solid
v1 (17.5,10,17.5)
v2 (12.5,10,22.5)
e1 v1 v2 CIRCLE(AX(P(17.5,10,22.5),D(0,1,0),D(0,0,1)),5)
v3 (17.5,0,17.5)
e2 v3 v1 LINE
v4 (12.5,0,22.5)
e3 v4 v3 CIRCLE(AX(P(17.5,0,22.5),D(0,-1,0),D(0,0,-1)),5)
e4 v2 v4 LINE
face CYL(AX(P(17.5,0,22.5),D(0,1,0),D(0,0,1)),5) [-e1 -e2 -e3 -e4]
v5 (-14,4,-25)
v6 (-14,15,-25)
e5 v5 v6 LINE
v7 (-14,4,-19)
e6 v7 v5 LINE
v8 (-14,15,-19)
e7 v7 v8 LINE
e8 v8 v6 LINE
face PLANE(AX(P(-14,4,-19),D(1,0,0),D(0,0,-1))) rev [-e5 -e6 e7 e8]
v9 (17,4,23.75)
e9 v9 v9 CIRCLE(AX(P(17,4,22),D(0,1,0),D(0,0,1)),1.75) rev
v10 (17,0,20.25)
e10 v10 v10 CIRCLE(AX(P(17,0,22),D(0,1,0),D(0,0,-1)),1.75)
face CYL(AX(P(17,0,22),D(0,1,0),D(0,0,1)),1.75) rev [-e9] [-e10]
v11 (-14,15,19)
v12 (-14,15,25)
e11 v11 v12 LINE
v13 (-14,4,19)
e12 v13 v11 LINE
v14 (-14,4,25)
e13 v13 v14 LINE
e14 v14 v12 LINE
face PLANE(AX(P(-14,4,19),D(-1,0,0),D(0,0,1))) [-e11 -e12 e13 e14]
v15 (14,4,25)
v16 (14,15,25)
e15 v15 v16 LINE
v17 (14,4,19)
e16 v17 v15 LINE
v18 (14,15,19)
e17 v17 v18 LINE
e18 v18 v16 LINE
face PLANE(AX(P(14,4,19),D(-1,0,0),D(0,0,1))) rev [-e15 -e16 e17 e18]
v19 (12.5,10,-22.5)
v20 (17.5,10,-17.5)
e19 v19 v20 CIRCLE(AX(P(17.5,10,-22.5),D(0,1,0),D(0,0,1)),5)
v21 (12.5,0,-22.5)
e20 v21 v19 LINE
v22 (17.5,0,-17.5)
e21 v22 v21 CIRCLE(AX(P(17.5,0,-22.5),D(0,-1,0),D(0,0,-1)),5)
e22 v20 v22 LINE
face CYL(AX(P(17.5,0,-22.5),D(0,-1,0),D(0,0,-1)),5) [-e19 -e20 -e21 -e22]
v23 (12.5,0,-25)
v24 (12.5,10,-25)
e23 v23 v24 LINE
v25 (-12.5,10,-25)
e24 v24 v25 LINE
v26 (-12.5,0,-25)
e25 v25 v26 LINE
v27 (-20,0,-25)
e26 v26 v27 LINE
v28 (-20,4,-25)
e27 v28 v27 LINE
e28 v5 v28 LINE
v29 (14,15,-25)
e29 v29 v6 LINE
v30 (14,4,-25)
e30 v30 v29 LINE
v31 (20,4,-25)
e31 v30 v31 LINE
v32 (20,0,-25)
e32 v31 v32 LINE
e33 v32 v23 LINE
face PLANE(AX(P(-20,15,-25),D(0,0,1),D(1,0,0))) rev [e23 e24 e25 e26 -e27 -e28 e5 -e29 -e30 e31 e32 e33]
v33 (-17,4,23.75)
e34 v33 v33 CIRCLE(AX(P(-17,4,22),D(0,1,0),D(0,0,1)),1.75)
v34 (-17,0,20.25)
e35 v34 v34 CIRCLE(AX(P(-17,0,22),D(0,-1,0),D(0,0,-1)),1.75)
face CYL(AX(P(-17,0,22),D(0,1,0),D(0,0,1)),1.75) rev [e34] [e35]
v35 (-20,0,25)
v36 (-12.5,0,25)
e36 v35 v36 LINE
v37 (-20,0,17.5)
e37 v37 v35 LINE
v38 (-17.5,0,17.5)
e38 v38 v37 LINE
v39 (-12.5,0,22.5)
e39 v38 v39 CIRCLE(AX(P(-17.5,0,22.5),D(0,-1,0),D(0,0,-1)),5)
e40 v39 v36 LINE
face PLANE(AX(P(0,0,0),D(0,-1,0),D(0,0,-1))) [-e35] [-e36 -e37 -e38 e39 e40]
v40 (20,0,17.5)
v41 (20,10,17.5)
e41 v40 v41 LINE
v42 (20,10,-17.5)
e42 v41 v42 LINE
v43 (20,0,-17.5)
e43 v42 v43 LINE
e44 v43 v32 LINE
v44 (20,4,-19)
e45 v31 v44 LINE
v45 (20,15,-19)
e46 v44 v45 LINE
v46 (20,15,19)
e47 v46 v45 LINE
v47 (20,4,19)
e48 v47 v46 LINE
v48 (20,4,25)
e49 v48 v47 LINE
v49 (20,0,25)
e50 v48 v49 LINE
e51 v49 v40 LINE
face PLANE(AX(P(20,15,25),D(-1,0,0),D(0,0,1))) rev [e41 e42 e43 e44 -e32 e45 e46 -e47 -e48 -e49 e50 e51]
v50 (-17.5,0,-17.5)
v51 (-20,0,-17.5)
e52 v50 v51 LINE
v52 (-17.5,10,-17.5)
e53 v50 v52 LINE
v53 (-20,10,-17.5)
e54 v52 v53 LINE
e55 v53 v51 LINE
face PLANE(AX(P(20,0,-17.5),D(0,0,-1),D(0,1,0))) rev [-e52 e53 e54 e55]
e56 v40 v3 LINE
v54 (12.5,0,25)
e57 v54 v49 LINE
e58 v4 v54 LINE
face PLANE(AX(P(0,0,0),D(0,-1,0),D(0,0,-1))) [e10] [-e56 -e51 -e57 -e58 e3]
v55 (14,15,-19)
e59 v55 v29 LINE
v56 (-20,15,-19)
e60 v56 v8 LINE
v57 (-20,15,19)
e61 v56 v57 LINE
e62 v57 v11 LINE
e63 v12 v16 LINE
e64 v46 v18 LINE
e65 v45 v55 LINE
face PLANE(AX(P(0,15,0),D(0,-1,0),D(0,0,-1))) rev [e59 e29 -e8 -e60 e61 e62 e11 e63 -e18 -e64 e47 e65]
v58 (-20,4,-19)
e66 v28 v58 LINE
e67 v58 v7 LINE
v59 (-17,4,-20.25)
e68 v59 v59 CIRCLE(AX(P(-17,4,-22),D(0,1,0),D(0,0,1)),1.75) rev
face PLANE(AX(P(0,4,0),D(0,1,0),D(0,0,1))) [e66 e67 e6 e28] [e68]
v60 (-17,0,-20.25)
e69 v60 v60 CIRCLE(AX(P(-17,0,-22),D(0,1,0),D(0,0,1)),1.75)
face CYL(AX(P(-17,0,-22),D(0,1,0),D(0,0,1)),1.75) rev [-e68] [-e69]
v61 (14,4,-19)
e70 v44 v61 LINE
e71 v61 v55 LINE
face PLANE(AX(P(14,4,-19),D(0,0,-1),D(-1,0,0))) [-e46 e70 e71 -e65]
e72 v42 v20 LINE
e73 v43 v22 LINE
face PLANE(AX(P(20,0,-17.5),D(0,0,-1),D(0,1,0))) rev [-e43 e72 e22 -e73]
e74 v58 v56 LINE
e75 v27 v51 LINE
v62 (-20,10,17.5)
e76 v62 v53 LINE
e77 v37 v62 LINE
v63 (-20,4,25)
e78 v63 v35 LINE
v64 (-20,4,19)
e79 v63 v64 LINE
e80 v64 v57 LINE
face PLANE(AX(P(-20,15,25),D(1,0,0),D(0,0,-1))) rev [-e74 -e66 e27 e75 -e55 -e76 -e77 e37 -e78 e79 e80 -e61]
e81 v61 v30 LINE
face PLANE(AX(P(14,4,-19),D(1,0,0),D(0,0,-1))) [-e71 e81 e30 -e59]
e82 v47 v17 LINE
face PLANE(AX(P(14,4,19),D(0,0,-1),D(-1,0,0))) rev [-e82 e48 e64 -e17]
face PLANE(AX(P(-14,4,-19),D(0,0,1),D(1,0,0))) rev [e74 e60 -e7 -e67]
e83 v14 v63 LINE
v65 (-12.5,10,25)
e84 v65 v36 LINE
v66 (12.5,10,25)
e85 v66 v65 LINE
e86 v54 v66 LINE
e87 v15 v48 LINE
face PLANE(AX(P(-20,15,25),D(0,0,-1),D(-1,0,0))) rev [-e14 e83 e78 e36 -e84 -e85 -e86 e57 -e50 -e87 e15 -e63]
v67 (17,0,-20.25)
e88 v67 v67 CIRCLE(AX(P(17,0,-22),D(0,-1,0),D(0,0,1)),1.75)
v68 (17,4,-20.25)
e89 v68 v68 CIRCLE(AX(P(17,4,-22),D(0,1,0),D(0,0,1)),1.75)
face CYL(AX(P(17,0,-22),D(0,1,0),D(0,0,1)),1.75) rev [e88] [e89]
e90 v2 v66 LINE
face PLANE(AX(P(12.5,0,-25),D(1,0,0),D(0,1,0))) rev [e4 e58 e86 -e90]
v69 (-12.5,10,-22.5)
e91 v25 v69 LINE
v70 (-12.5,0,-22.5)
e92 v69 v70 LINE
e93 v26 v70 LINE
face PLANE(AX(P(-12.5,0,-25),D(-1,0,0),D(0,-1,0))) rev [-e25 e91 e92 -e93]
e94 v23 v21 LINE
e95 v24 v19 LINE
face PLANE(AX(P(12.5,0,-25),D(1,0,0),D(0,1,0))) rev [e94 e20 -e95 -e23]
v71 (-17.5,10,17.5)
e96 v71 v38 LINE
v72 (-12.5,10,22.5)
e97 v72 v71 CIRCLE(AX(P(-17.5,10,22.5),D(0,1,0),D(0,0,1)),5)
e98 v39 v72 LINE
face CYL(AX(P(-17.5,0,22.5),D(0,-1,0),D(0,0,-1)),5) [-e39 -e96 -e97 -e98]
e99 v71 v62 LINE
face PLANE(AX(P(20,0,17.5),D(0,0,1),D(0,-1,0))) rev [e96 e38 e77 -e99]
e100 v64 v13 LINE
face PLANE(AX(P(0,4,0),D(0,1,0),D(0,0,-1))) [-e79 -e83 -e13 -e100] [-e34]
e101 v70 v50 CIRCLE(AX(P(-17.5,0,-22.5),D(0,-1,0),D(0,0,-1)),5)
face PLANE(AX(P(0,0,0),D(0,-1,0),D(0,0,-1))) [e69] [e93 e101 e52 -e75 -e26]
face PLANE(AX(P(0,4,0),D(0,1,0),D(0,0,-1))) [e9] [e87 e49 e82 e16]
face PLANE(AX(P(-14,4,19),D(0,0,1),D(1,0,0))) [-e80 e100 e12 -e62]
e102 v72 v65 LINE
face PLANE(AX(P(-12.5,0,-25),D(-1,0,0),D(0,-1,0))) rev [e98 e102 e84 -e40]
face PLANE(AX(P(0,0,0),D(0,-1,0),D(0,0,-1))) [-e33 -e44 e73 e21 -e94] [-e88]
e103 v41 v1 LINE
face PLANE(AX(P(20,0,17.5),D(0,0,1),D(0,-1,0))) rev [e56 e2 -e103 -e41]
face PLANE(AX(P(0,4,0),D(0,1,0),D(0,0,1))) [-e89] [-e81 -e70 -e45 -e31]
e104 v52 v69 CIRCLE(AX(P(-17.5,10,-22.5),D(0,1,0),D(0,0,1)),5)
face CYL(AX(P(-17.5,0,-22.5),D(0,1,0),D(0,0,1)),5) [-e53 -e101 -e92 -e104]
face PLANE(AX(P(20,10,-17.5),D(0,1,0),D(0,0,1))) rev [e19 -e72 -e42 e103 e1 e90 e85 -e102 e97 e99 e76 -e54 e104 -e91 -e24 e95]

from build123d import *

# Parameters (mm, degrees)
CROQUIS1_W                = 40
CROQUIS1_H                = 50
SALIENTE_EXTRUIR1_DEPTH   = 15
CROQUIS2_R                = 1.75
CORTAR_EXTRUIR1_DEPTH     = 15
SIMETR_A2_COPY_1_SKETCH_R = 1.75
SIMETR_A2_COPY_1_DEPTH    = 15
CROQUIS3_W                = 6
CROQUIS3_H                = 6
CORTAR_EXTRUIR6_DEPTH     = 11
SIMETR_A4_COPY_1_SKETCH_W = 6
SIMETR_A4_COPY_1_SKETCH_H = 6
SIMETR_A4_COPY_1_DEPTH    = 11
CROQUIS4_W                = 35
CROQUIS4_H                = 10
CORTAR_EXTRUIR7_DEPTH     = 50.497474683
CROQUIS5_W                = 25
CROQUIS5_H                = 10
CORTAR_EXTRUIR8_DEPTH     = 56.901699437
REDONDEO1_R               = 5


with BuildPart() as part:
    # Croquis1 → Saliente-Extruir1 (new body)
    with BuildSketch(Plane(origin=(0, 0, 0), x_dir=(1, 0, 0), z_dir=(0, 1, 0))):
        Rectangle(CROQUIS1_W, CROQUIS1_H)
    extrude(amount=SALIENTE_EXTRUIR1_DEPTH)

    # Croquis2 → Cortar-Extruir1 (cut)
    with BuildSketch(Plane(origin=(0, 15, 0), x_dir=(1, 0, 0), z_dir=(0, 1, 0))):
        with Locations(Location((-17, 22, 0), (0, 0, 270))):
            Circle(CROQUIS2_R)
    cortar_extruir1 = extrude(amount=-CORTAR_EXTRUIR1_DEPTH, mode=Mode.SUBTRACT)

    # Simetría1: Cortar-Extruir1 across plane
    add(cortar_extruir1.mirror(Plane(origin=(0, 0, 0), x_dir=(0, 0, 1), z_dir=(1, 0, 0))), mode=Mode.SUBTRACT)

    # Simetría2: Cortar-Extruir1 across plane
    add(cortar_extruir1.mirror(Plane.XY), mode=Mode.SUBTRACT)

    # Simetría2 copy 1 sketch → Simetría2 copy 1 (cut)
    with BuildSketch(Plane(origin=(0, 15, 0), x_dir=(-1, 0, 0), z_dir=(0, 1, 0))):
        with Locations(Location((-17, 22, 0), (0, 0, 270))):
            Circle(SIMETR_A2_COPY_1_SKETCH_R)
    extrude(amount=-SIMETR_A2_COPY_1_DEPTH, mode=Mode.SUBTRACT)

    # Croquis3 → Cortar-Extruir6 (cut)
    with BuildSketch(Plane(origin=(0, 15, 0), x_dir=(1, 0, 0), z_dir=(0, 1, 0))):
        with Locations((-17, 22)):
            Rectangle(CROQUIS3_W, CROQUIS3_H)
    cortar_extruir6 = extrude(amount=-CORTAR_EXTRUIR6_DEPTH, mode=Mode.SUBTRACT)

    # Simetría3: Cortar-Extruir6 across plane
    add(cortar_extruir6.mirror(Plane(origin=(0, 0, 0), x_dir=(0, 0, 1), z_dir=(1, 0, 0))), mode=Mode.SUBTRACT)

    # Simetría4: Cortar-Extruir6 across plane
    add(cortar_extruir6.mirror(Plane.XY), mode=Mode.SUBTRACT)

    # Simetría4 copy 1 sketch → Simetría4 copy 1 (cut)
    with BuildSketch(Plane(origin=(0, 15, 0), x_dir=(-1, 0, 0), z_dir=(0, 1, 0))):
        with Locations((-17, 22)):
            Rectangle(SIMETR_A4_COPY_1_SKETCH_W, SIMETR_A4_COPY_1_SKETCH_H)
    extrude(amount=-SIMETR_A4_COPY_1_DEPTH, mode=Mode.SUBTRACT)

    # Croquis4 → Cortar-Extruir7 (cut, through all)
    with BuildSketch(Plane.ZY.offset(20)):
        with Locations((0, 5)):
            Rectangle(CROQUIS4_W, CROQUIS4_H)
    extrude(amount=-CORTAR_EXTRUIR7_DEPTH, mode=Mode.SUBTRACT)

    # Croquis5 → Cortar-Extruir8 (cut, through all)
    with BuildSketch(Plane.XY.offset(25)):
        with Locations((0, 5)):
            Rectangle(CROQUIS5_W, CROQUIS5_H)
    extrude(amount=-CORTAR_EXTRUIR8_DEPTH, mode=Mode.SUBTRACT)

    # Redondeo1
    redondeo1_edges = [part.edges().sort_by_distance(p)[0] for p in [
        (12.5, 5, 17.5),
        (-12.5, 5, 17.5),
        (-12.5, 5, -17.5),
        (12.5, 5, -17.5),
    ]]
    fillet(redondeo1_edges, radius=REDONDEO1_R)


solid = part.part
